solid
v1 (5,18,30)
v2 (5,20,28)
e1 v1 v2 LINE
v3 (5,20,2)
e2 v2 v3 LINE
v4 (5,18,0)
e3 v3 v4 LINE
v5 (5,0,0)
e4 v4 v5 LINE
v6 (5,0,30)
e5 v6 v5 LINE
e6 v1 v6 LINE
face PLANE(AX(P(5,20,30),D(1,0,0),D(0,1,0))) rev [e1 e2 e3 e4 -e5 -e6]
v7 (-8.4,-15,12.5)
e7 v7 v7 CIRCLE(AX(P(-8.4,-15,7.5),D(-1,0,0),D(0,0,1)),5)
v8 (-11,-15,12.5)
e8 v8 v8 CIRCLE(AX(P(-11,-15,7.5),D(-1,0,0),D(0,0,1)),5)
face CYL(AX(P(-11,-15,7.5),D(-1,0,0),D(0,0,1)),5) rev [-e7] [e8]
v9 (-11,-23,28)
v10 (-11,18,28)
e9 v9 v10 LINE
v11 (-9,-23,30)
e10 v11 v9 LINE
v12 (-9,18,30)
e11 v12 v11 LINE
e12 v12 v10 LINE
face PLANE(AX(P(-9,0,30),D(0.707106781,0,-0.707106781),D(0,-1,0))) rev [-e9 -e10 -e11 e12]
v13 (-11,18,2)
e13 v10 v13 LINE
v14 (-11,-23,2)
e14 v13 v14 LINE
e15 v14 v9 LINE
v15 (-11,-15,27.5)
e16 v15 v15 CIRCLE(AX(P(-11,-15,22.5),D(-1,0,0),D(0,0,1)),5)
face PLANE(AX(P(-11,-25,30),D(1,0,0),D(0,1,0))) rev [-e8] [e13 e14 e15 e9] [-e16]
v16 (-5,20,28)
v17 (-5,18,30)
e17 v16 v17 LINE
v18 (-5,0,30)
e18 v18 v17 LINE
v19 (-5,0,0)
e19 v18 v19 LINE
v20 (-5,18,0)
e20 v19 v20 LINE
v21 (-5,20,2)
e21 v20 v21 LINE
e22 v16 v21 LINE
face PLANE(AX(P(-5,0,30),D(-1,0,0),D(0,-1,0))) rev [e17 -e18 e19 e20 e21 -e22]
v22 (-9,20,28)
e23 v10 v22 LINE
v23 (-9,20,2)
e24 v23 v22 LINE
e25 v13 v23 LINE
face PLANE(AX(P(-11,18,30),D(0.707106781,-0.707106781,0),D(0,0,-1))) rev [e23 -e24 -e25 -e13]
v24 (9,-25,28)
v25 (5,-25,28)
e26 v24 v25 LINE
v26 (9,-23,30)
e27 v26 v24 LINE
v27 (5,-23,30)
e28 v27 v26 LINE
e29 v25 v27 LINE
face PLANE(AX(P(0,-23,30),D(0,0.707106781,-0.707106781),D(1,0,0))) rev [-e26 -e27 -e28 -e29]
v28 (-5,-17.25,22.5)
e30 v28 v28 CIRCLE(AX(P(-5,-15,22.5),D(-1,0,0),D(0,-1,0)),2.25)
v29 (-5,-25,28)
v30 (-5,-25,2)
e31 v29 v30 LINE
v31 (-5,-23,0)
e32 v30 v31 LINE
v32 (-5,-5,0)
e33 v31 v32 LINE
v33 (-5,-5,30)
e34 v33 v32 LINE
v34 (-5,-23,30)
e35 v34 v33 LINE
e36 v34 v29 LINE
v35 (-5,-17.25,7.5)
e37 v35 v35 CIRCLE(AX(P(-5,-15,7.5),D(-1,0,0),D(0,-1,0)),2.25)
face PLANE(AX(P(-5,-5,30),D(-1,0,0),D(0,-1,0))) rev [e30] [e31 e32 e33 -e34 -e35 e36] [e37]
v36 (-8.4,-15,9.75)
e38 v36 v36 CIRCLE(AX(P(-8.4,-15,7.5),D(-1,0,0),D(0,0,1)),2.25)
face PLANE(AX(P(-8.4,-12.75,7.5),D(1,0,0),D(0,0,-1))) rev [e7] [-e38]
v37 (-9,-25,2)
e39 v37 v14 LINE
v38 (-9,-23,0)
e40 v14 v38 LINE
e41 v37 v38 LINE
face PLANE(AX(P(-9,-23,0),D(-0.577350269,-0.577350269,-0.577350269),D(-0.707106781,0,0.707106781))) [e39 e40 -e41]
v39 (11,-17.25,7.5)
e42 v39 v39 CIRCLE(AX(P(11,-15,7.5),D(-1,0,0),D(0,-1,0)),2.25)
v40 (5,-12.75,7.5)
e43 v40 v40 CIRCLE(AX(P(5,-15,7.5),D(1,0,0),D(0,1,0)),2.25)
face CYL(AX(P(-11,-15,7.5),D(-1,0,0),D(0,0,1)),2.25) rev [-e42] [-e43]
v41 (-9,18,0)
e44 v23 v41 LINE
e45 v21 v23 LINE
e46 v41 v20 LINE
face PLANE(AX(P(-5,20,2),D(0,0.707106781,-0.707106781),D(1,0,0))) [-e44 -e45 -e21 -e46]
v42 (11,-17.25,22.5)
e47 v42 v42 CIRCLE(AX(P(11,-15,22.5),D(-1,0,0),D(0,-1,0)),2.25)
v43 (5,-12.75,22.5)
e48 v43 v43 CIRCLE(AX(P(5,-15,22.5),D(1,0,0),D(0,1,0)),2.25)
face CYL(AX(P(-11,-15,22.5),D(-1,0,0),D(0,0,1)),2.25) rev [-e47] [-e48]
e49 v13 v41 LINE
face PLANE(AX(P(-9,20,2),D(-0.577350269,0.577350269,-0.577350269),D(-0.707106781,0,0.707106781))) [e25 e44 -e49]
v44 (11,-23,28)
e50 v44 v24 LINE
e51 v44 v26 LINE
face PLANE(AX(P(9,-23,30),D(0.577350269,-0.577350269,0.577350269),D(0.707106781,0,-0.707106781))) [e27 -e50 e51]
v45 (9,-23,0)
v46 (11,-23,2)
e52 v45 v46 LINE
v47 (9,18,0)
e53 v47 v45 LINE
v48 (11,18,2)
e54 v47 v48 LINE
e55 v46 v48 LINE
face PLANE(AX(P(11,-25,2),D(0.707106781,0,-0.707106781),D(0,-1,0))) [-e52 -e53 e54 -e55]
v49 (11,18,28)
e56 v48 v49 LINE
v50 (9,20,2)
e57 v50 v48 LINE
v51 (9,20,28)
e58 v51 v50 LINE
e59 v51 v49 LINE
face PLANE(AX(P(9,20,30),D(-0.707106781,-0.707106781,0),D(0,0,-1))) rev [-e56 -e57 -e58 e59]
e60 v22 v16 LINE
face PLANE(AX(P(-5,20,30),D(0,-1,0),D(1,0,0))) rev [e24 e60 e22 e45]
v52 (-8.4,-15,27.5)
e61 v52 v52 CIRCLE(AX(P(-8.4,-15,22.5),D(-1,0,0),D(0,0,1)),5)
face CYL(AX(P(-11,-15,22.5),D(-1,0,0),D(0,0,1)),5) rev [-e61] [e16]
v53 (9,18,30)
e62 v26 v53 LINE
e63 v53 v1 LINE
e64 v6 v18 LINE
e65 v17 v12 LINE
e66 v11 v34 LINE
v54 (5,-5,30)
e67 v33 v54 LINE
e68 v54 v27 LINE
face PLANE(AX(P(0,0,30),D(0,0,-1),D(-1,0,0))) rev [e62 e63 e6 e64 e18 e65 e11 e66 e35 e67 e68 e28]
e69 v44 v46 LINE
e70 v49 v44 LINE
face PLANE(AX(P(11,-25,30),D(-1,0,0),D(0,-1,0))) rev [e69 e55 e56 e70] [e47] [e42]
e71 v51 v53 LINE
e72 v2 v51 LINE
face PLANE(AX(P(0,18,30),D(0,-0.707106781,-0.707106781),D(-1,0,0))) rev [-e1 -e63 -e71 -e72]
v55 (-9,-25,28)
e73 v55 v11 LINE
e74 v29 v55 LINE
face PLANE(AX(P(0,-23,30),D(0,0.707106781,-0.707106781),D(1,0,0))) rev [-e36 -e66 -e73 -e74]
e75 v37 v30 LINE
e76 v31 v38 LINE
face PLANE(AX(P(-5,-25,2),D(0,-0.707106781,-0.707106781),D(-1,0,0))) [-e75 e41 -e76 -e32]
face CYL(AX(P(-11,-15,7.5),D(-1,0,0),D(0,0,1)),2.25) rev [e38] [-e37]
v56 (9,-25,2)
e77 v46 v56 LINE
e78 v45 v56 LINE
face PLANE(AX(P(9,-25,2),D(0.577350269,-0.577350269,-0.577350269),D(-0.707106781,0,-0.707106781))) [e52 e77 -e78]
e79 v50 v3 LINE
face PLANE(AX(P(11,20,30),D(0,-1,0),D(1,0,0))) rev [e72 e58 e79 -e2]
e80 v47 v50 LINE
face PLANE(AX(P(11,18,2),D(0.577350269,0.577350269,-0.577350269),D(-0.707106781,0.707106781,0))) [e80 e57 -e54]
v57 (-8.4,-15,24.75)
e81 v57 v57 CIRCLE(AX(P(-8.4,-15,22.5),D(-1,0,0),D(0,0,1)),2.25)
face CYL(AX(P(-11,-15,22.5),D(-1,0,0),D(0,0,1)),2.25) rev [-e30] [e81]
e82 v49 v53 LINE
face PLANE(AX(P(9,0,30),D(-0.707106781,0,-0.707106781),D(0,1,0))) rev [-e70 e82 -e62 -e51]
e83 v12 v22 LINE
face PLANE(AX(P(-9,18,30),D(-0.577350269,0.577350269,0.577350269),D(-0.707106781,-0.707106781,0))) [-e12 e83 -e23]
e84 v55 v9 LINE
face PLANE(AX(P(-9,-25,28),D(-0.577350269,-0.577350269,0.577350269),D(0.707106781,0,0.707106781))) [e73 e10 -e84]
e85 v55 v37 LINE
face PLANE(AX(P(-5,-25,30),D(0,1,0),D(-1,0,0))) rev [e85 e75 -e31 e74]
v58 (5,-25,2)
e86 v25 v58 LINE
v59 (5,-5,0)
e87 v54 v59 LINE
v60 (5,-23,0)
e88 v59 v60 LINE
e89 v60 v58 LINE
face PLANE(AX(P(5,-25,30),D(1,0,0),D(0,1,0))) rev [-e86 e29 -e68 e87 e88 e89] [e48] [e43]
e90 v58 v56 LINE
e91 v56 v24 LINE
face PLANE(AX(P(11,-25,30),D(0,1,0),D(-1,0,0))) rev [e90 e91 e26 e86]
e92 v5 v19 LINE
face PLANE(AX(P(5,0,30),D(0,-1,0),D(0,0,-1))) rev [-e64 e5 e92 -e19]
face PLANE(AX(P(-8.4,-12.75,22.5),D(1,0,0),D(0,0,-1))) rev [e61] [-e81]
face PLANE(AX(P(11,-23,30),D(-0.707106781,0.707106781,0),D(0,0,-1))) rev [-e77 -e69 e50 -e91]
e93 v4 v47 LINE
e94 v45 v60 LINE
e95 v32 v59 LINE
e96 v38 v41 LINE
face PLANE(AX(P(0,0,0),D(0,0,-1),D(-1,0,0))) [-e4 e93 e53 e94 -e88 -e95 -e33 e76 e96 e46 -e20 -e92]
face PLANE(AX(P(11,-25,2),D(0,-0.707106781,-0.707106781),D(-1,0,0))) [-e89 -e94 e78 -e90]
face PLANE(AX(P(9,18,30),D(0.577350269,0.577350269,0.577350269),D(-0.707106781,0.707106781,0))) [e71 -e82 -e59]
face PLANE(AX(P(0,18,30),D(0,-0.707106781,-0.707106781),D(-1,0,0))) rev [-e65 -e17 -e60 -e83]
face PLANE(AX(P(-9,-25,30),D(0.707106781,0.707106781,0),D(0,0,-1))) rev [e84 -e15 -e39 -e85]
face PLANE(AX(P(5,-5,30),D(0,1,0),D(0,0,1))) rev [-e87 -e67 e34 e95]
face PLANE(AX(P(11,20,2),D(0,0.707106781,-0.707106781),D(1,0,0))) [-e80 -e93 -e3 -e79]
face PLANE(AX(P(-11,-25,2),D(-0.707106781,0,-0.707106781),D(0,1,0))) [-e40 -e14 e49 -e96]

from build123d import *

# Parameters (mm, degrees)
ESTRUSIONE_ESTRUSIONE1_DEPTH                         = 30
FORO_LAMATO_PER_VITE_M4_A_TESTA_CILINDRI_D           = 4.5
FORO_LAMATO_PER_VITE_M4_A_TESTA_CILINDRI_DEPTH       = 30
FORO_LAMATO_PER_VITE_M4_A_TESTA_CILINDRI_CBORE_D     = 10
FORO_LAMATO_PER_VITE_M4_A_TESTA_CILINDRI_CBORE_DEPTH = 2.6
FORO_LAMATO_PER_VITE_M4_A_TESTA_CILINDRI_TIP         = 1.351936393
SMUSSO1_SIZE                                         = 2


with BuildPart() as part:
    # Schizzo1 → Estrusione-Estrusione1 (new body)
    with BuildSketch(Plane.XY):
        Polygon((11, -25), (11, 20), (5, 20), (5, 0), (-5, 0), (-5, 20), (-11, 20), (-11, -25), (-5, -25), (-5, -5), (5, -5), (5, -25), align=None)
    extrude(amount=ESTRUSIONE_ESTRUSIONE1_DEPTH)

    # Foro lamato per Vite M4 a testa cilindrica piana-1
    with Locations(Plane(origin=(-11, -15, 22.5), x_dir=(0, -1, 0), z_dir=(-1, 0, 0))):
        with Locations((0, 0), (0, -15)):
            CounterBoreHole(FORO_LAMATO_PER_VITE_M4_A_TESTA_CILINDRI_D / 2, FORO_LAMATO_PER_VITE_M4_A_TESTA_CILINDRI_CBORE_D / 2, FORO_LAMATO_PER_VITE_M4_A_TESTA_CILINDRI_CBORE_DEPTH, depth=FORO_LAMATO_PER_VITE_M4_A_TESTA_CILINDRI_DEPTH)
            with Locations((0, 0, -(FORO_LAMATO_PER_VITE_M4_A_TESTA_CILINDRI_DEPTH + FORO_LAMATO_PER_VITE_M4_A_TESTA_CILINDRI_TIP / 2))):  # 118° drill point
                Cone(0, FORO_LAMATO_PER_VITE_M4_A_TESTA_CILINDRI_D / 2, FORO_LAMATO_PER_VITE_M4_A_TESTA_CILINDRI_TIP, mode=Mode.SUBTRACT)

    # Smusso1
    smusso1_edges = [part.edges().sort_by_distance(p)[0] for p in [
        (-8, -25, 30),
        (8, 20, 0),
        (11, -2.5, 0),
        (8, -25, 0),
        (-8, -25, 0),
        (-11, -2.5, 0),
        (-8, 20, 0),
        (11, 20, 15),
        (11, -25, 15),
        (-11, -25, 15),
        (-11, 20, 15),
        (8, -25, 30),
        (11, -2.5, 30),
        (8, 20, 30),
        (-8, 20, 30),
        (-11, -2.5, 30),
    ]]
    chamfer(smusso1_edges, length=SMUSSO1_SIZE)


solid = part.part
